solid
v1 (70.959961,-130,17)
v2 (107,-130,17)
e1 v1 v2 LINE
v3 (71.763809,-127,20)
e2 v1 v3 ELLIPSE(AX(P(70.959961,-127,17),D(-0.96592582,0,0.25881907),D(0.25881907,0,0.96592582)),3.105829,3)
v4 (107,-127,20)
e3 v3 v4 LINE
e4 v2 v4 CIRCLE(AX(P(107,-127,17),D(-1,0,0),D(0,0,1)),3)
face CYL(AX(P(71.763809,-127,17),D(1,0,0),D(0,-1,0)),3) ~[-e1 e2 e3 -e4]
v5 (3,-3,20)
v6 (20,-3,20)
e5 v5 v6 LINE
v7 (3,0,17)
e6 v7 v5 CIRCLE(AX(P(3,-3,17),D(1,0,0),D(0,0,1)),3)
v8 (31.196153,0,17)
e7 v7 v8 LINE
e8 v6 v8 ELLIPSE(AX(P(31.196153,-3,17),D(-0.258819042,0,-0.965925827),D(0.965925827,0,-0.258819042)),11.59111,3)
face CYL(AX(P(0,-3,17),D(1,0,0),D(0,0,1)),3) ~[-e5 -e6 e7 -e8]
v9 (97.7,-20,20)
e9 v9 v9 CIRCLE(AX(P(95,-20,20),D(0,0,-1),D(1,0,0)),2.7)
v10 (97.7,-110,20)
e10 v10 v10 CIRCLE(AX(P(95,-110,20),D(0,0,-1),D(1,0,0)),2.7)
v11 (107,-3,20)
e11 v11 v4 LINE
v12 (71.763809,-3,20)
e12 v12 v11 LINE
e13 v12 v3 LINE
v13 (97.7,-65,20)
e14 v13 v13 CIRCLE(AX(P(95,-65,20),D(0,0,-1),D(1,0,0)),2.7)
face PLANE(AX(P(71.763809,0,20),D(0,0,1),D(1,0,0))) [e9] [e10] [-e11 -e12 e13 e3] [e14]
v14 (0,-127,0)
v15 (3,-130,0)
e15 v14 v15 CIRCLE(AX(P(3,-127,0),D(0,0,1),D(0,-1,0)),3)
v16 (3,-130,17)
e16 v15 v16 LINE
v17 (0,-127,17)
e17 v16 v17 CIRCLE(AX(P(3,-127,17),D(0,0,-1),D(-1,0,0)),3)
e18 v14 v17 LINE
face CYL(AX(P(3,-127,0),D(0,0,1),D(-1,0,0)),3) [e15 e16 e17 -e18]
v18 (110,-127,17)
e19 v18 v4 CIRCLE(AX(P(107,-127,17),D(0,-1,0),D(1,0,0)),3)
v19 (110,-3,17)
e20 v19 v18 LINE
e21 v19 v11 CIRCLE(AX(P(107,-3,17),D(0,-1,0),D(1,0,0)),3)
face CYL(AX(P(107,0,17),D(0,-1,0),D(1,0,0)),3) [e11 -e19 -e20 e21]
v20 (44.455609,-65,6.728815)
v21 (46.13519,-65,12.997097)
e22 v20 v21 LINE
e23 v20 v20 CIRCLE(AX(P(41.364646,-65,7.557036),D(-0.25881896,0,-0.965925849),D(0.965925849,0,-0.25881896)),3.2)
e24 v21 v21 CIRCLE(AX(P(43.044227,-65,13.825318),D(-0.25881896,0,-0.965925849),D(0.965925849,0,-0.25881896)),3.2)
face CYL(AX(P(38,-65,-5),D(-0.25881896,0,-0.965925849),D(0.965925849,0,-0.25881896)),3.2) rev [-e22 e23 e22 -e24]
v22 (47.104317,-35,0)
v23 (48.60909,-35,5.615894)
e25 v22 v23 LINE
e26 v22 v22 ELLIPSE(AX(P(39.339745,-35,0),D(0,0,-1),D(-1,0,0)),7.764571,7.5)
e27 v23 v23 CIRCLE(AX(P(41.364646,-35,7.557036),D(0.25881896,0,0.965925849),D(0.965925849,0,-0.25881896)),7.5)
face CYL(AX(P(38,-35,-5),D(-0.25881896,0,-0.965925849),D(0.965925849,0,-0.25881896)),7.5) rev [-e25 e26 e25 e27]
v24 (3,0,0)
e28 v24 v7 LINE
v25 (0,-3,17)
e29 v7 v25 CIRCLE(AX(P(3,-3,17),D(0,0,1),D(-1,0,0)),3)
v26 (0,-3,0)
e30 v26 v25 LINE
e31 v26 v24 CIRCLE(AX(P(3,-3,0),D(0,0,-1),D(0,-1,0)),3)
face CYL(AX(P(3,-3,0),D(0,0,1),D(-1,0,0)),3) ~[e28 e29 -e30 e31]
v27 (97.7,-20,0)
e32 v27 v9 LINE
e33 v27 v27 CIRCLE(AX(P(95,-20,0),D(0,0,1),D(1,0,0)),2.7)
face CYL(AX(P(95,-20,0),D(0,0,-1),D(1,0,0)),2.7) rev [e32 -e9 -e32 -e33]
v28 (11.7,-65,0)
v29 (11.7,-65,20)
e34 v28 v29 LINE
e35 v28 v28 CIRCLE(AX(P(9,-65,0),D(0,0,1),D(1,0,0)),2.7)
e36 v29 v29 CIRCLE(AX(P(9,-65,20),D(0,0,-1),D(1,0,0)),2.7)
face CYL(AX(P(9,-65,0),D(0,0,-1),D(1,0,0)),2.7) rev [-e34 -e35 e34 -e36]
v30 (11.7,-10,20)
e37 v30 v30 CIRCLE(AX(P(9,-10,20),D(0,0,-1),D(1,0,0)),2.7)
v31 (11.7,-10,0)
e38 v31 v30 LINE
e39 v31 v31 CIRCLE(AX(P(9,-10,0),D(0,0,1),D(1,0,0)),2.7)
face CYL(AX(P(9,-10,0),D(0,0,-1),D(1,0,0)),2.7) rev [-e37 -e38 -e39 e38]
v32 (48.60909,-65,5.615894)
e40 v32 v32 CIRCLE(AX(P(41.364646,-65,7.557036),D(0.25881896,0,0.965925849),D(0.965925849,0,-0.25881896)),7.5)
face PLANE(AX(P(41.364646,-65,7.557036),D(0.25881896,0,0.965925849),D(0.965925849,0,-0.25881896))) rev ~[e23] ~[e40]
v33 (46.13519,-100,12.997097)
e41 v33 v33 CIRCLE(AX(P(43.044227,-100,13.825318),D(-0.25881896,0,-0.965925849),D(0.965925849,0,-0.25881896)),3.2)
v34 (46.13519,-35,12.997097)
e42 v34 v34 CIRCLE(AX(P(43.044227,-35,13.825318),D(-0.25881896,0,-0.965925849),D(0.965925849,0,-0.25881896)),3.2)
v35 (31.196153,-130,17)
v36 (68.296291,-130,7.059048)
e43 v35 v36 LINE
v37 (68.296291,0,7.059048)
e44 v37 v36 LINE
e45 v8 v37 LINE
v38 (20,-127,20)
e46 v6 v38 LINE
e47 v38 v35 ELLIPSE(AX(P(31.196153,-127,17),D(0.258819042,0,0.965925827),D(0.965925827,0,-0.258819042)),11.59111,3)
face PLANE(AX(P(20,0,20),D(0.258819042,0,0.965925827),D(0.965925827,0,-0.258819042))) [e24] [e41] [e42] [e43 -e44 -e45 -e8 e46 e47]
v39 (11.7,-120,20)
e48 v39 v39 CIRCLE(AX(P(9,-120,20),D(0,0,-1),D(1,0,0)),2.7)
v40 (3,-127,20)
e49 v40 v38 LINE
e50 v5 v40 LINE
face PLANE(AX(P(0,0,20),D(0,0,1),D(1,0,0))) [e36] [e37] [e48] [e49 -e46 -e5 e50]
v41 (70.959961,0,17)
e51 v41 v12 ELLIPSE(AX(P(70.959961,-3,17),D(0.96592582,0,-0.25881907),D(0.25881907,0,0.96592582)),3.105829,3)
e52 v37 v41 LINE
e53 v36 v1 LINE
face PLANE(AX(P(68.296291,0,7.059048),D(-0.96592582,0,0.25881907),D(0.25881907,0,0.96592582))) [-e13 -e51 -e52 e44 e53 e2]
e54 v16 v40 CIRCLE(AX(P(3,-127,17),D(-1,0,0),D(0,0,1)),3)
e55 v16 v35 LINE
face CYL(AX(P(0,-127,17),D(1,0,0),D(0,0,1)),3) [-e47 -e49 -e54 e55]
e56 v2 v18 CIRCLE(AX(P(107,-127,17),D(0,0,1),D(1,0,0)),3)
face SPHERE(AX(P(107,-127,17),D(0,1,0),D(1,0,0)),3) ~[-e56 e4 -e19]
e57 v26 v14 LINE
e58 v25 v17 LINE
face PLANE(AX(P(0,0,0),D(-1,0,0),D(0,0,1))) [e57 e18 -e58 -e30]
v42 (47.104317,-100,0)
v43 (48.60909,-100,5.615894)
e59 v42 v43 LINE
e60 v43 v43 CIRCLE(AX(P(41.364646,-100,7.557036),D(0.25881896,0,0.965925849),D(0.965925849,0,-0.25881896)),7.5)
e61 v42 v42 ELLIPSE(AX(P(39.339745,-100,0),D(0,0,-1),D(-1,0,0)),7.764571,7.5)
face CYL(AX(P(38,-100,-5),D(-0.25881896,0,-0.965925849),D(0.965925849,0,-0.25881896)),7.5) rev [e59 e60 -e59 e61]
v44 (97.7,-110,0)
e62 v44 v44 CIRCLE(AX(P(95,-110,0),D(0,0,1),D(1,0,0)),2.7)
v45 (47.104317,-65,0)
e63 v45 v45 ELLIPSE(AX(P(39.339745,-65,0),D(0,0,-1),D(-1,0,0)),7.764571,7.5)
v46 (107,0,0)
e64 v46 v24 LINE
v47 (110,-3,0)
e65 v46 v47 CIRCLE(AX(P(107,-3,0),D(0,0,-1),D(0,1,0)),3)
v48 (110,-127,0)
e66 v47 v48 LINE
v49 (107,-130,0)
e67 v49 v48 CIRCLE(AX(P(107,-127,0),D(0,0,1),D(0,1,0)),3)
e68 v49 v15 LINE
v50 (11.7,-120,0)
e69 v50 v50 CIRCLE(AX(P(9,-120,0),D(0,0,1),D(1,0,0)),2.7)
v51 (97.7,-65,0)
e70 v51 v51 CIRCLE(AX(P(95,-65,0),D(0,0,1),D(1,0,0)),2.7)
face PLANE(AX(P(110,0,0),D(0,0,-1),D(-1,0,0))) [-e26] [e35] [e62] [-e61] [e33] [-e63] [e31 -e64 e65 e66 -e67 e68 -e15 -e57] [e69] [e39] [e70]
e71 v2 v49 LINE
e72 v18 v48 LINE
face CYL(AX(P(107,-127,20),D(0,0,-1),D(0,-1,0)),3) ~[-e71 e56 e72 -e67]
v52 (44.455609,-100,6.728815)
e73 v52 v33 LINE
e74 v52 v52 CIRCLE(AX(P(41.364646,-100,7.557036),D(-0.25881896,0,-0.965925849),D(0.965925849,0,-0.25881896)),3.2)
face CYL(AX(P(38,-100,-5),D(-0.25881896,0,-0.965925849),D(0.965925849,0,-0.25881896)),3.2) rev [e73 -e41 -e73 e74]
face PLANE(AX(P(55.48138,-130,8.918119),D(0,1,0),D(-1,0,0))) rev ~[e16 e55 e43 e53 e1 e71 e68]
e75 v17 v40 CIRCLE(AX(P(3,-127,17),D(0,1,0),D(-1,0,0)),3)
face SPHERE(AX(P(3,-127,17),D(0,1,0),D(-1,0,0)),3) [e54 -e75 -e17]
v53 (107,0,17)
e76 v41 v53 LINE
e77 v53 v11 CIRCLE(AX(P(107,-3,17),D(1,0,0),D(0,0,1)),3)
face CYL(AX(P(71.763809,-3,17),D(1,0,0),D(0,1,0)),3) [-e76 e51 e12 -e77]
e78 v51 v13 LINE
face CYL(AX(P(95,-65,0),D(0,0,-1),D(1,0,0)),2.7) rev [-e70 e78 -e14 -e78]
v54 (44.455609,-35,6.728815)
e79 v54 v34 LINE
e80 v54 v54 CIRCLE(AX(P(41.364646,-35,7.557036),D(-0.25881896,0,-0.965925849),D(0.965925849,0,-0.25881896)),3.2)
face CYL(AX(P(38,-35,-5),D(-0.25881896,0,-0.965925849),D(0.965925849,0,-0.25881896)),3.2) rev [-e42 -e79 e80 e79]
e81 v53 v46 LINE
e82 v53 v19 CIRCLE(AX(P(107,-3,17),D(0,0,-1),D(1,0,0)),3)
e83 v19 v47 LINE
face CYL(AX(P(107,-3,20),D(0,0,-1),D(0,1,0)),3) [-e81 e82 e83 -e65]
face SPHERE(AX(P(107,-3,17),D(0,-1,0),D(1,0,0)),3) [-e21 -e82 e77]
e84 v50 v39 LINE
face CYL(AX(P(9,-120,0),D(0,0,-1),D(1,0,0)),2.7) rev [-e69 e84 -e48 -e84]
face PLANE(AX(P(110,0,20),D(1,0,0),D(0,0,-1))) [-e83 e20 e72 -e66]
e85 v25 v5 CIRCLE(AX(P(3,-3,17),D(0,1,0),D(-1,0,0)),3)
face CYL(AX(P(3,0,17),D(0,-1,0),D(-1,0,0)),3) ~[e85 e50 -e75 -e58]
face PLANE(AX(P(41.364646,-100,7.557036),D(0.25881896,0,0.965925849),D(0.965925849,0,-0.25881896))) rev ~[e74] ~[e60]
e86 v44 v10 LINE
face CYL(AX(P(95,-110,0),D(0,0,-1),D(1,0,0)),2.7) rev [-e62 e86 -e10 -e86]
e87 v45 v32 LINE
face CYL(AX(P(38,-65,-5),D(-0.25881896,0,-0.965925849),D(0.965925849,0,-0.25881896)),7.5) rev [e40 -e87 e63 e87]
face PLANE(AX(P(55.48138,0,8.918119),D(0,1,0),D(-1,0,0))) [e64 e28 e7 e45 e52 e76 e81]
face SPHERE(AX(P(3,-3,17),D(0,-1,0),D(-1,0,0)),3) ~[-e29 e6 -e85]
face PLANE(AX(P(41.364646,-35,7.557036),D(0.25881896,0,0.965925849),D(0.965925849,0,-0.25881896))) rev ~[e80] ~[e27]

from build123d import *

# Parameters (mm, degrees)
PAD026_DEPTH      = 130
CYLINDER004_R     = 2.7
CYLINDER004_DEPTH = 30
CYLINDER005_R     = 2.7
CYLINDER005_DEPTH = 30
CYLINDER006_R     = 2.7
CYLINDER006_DEPTH = 30
CYLINDER007_R     = 2.7
CYLINDER007_DEPTH = 30
CYLINDER008_R     = 2.7
CYLINDER008_DEPTH = 30
CYLINDER009_R     = 2.7
CYLINDER009_DEPTH = 30
CYLINDER010_R     = 3.2
CYLINDER010_DEPTH = 50
CYLINDER011_R     = 3.2
CYLINDER011_DEPTH = 40
CYLINDER012_R     = 3.2
CYLINDER012_DEPTH = 40
CYLINDER013_R     = 7.5
CYLINDER013_DEPTH = 13
CYLINDER014_R     = 7.5
CYLINDER014_DEPTH = 13
CYLINDER015_R     = 7.5
CYLINDER015_DEPTH = 13
FILLET021_R       = 3


with BuildPart() as part:
    # Sketch051 → Pad026 (new body)
    with BuildSketch(Plane.XZ):
        Polygon((0, 0), (0, 20), (20, 20), (68.296291, 7.059048), (71.763809, 20), (110, 20), (110, 0), align=None)
    extrude(amount=PAD026_DEPTH)

    # Cylinder004 → Cylinder004 (cut)
    with BuildSketch(Plane(origin=(9, -10, 0), x_dir=(1, 0, 0), z_dir=(0, 0, 1))):
        Circle(CYLINDER004_R)
    extrude(amount=CYLINDER004_DEPTH, mode=Mode.SUBTRACT)

    # Cylinder005 → Cylinder005 (cut)
    with BuildSketch(Plane(origin=(95, -20, 0), x_dir=(1, 0, 0), z_dir=(0, 0, 1))):
        Circle(CYLINDER005_R)
    extrude(amount=CYLINDER005_DEPTH, mode=Mode.SUBTRACT)

    # Cylinder006 → Cylinder006 (cut)
    with BuildSketch(Plane(origin=(95, -65, 0), x_dir=(1, 0, 0), z_dir=(0, 0, 1))):
        Circle(CYLINDER006_R)
    extrude(amount=CYLINDER006_DEPTH, mode=Mode.SUBTRACT)

    # Cylinder007 → Cylinder007 (cut)
    with BuildSketch(Plane(origin=(95, -110, 0), x_dir=(1, 0, 0), z_dir=(0, 0, 1))):
        Circle(CYLINDER007_R)
    extrude(amount=CYLINDER007_DEPTH, mode=Mode.SUBTRACT)

    # Cylinder008 → Cylinder008 (cut)
    with BuildSketch(Plane(origin=(9, -65, 0), x_dir=(1, 0, 0), z_dir=(0, 0, 1))):
        Circle(CYLINDER008_R)
    extrude(amount=CYLINDER008_DEPTH, mode=Mode.SUBTRACT)

    # Cylinder009 → Cylinder009 (cut)
    with BuildSketch(Plane(origin=(9, -120, 0), x_dir=(1, 0, 0), z_dir=(0, 0, 1))):
        Circle(CYLINDER009_R)
    extrude(amount=CYLINDER009_DEPTH, mode=Mode.SUBTRACT)

    # Cylinder010 → Cylinder010 (cut)
    with BuildSketch(Plane(origin=(38, -35, -5), x_dir=(0.965926, 0, -0.258819), z_dir=(0.258819, 0, 0.965926))):
        Circle(CYLINDER010_R)
    extrude(amount=CYLINDER010_DEPTH, mode=Mode.SUBTRACT)

    # Cylinder011 → Cylinder011 (cut)
    with BuildSketch(Plane(origin=(38, -65, -5), x_dir=(0.965926, 0, -0.258819), z_dir=(0.258819, 0, 0.965926))):
        Circle(CYLINDER011_R)
    extrude(amount=CYLINDER011_DEPTH, mode=Mode.SUBTRACT)

    # Cylinder012 → Cylinder012 (cut)
    with BuildSketch(Plane(origin=(38, -100, -5), x_dir=(0.965926, 0, -0.258819), z_dir=(0.258819, 0, 0.965926))):
        Circle(CYLINDER012_R)
    extrude(amount=CYLINDER012_DEPTH, mode=Mode.SUBTRACT)

    # Cylinder013 → Cylinder013 (cut)
    with BuildSketch(Plane(origin=(38, -35, -5), x_dir=(0.965926, 0, -0.258819), z_dir=(0.258819, 0, 0.965926))):
        Circle(CYLINDER013_R)
    extrude(amount=CYLINDER013_DEPTH, mode=Mode.SUBTRACT)

    # Cylinder014 → Cylinder014 (cut)
    with BuildSketch(Plane(origin=(38, -65, -5), x_dir=(0.965926, 0, -0.258819), z_dir=(0.258819, 0, 0.965926))):
        Circle(CYLINDER014_R)
    extrude(amount=CYLINDER014_DEPTH, mode=Mode.SUBTRACT)

    # Cylinder015 → Cylinder015 (cut)
    with BuildSketch(Plane(origin=(38, -100, -5), x_dir=(0.965926, 0, -0.258819), z_dir=(0.258819, 0, 0.965926))):
        Circle(CYLINDER015_R)
    extrude(amount=CYLINDER015_DEPTH, mode=Mode.SUBTRACT)

    # Fillet021
    fillet021_edges = [part.edges().sort_by_distance(p)[0] for p in [
        (0, -65, 20),
        (110, -65, 20),
        (0, -130, 10),
        (110, -130, 10),
        (0, 0, 10),
        (110, 0, 10),
        (90.881905, -130, 20),
        (90.881905, 0, 20),
        (10, -130, 20),
        (10, 0, 20),
    ]]
    fillet(fillet021_edges, radius=FILLET021_R)


solid = part.part
